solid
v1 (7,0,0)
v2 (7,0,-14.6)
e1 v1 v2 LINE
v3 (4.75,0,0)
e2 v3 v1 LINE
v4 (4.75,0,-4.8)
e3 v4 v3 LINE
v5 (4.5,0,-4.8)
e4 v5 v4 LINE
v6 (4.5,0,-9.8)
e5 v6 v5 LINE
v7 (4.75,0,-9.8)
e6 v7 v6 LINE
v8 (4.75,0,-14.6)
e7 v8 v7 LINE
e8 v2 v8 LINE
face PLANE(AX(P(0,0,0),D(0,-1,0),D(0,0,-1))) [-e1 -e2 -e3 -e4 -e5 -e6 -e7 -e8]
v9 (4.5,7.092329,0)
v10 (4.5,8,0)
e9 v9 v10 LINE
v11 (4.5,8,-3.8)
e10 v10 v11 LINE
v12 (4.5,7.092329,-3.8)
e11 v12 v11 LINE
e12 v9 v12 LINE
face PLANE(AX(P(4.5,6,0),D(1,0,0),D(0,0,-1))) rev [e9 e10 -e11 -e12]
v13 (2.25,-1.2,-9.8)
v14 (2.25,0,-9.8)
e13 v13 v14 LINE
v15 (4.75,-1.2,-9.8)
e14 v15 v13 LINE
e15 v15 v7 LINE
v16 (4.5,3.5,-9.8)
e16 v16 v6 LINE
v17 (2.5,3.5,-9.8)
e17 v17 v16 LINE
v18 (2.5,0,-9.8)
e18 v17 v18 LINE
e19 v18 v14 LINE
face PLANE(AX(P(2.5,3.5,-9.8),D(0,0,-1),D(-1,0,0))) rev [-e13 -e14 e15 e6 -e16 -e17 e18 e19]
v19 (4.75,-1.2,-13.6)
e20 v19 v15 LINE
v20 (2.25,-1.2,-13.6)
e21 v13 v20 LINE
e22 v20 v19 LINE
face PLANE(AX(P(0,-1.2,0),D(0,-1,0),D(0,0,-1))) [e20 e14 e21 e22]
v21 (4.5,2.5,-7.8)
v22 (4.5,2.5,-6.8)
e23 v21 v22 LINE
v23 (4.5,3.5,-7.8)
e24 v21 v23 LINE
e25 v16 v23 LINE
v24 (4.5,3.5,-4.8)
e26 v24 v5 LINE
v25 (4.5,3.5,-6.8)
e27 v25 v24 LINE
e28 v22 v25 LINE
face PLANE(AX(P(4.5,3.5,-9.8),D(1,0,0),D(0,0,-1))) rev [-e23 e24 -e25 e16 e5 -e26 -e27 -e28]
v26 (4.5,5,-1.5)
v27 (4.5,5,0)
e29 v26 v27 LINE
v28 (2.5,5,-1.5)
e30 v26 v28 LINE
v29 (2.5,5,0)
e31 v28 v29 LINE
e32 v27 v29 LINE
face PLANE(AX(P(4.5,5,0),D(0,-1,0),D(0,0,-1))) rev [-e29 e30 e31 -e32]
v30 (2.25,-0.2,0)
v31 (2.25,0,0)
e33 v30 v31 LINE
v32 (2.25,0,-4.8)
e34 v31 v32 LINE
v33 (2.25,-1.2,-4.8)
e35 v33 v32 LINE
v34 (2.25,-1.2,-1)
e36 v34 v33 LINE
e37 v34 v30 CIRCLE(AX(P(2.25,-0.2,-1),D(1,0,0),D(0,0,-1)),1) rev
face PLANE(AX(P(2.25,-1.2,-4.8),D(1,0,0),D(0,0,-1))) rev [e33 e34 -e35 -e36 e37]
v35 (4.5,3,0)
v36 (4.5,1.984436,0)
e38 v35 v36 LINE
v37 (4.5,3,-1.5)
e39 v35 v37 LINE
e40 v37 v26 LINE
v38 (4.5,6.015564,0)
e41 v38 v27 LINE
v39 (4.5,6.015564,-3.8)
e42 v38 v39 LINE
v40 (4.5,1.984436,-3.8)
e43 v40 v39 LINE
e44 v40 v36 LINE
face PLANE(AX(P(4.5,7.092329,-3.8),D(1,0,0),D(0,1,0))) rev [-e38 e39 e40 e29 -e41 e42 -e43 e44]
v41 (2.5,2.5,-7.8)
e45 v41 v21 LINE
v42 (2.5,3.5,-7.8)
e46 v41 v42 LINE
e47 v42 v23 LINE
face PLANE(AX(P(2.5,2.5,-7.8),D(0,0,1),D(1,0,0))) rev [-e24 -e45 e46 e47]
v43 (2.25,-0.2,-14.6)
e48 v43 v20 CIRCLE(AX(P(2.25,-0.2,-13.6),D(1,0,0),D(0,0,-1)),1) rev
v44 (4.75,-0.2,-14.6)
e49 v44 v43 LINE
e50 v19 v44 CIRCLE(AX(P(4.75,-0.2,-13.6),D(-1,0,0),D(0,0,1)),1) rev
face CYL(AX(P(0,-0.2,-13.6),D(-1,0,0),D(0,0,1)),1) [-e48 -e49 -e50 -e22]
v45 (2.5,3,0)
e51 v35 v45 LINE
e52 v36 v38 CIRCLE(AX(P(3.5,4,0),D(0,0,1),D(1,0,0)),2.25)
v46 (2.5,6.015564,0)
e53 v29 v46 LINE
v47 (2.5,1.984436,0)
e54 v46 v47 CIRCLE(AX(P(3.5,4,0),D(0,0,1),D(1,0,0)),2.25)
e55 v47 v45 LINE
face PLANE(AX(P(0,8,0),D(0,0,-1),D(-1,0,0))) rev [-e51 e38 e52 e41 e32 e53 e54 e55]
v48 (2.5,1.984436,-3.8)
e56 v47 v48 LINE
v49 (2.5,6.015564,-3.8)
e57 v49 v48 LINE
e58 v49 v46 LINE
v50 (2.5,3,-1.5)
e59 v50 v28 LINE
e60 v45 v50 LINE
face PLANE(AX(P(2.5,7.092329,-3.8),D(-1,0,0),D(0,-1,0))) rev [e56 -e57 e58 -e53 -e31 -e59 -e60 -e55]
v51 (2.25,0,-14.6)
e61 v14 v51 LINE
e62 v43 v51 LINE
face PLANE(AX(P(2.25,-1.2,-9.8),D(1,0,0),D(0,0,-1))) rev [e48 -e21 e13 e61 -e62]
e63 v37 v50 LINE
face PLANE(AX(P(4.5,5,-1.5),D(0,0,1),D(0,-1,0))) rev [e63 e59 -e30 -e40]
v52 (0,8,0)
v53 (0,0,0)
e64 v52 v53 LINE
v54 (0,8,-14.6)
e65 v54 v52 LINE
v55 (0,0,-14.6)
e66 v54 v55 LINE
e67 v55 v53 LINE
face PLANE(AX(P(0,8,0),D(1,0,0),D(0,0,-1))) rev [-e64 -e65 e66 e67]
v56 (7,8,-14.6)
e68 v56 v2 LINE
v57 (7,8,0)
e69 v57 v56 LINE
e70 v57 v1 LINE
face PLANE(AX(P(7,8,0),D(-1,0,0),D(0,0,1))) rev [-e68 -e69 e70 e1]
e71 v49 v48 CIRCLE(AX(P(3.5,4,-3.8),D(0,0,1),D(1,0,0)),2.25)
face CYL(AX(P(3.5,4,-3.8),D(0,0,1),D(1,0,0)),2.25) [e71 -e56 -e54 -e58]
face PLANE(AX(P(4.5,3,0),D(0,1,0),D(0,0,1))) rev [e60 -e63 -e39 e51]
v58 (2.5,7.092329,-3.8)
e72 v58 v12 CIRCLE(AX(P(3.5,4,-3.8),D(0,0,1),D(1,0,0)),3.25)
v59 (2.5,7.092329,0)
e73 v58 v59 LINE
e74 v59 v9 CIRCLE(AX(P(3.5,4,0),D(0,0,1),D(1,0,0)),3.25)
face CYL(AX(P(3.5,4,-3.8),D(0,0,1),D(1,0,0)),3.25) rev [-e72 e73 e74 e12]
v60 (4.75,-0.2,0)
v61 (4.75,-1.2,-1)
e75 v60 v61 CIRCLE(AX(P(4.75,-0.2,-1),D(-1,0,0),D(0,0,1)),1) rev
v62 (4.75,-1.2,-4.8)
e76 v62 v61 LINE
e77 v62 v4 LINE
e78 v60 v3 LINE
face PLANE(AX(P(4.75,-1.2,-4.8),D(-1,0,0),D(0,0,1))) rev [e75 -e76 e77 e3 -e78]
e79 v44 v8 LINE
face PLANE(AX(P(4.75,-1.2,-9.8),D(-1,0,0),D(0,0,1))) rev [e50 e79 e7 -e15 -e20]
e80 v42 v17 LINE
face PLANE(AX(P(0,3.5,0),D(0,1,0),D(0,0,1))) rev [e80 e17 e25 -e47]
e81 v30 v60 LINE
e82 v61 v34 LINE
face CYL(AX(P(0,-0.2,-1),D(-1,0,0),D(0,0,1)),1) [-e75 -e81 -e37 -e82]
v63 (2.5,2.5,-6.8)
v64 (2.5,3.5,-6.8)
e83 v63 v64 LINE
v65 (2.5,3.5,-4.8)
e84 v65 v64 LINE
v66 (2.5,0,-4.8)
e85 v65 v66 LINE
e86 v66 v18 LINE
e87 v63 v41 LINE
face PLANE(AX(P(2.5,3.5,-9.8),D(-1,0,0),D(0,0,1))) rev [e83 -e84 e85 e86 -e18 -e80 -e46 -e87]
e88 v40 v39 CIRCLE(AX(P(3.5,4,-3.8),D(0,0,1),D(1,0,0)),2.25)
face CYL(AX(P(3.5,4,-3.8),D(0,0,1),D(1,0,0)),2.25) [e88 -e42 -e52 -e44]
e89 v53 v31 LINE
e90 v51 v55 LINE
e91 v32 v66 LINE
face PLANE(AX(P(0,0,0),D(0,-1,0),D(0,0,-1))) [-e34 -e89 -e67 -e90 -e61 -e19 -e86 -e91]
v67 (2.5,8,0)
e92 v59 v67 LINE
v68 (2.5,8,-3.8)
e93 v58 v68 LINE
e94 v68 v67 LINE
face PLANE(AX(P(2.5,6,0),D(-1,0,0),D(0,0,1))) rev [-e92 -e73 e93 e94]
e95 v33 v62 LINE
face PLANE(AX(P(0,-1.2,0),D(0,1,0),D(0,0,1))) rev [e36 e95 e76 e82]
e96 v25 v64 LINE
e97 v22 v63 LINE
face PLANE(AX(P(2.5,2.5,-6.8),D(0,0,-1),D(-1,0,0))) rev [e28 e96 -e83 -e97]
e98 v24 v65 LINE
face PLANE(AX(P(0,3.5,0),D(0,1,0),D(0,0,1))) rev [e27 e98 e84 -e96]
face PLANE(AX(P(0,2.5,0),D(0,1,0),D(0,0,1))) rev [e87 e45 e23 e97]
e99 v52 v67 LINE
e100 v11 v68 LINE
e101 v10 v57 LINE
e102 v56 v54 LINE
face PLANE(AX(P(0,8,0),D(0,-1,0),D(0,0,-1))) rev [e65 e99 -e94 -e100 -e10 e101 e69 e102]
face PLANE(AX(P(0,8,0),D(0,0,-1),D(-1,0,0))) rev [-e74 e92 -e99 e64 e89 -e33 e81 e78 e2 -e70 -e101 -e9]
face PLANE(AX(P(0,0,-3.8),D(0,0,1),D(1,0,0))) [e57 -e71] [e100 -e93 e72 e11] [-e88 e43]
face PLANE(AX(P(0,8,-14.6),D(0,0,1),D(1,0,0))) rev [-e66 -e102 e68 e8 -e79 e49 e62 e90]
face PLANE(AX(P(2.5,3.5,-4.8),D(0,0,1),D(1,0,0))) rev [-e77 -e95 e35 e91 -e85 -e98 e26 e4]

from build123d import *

# Parameters (mm, degrees)
SZKIC1_W                    = 7
SZKIC1_H                    = 14.6
DODANIE_WYCI_GNI_CIE1_DEPTH = 8
SZKIC2_W                    = 2
SZKIC2_H                    = 5
WYTNIJ_WYCI_GNI_CIE1_DEPTH  = 3.5
SZKIC7_R                    = 3.25
SZKIC7_R_2                  = 2.25
WYTNIJ_WYCI_GNI_CIE4_DEPTH  = 3.8
SZKIC10_W                   = 2
SZKIC10_H                   = 6.184658438
WYTNIJ_WYCI_GNI_CIE6_DEPTH  = 3.8
SZKIC12_W                   = 1.5
SZKIC12_H                   = 2
DODANIE_WYCI_GNI_CIE4_DEPTH = 2
SZKIC15_W                   = 2.5
SZKIC15_H                   = 4.8
DODANIE_WYCI_GNI_CIE6_DEPTH = 1.2
SZKIC16_W                   = 2
SZKIC16_H                   = 1
DODANIE_WYCI_GNI_CIE7_DEPTH = 1
ZAOKR_GLENIE2_R             = 1
SZKIC17_W                   = 2
SZKIC17_H                   = 3.8
WYTNIJ_WYCI_GNI_CIE7_DEPTH  = 2


with BuildPart() as part:
    # Szkic1 → Dodanie-wyciągnięcie1 (new body)
    with BuildSketch(Plane(origin=(0, 0, 0), x_dir=(1, 0, 0), z_dir=(0, 1, 0))):
        with Locations((3.5, 7.3)):
            Rectangle(SZKIC1_W, SZKIC1_H)
    extrude(amount=DODANIE_WYCI_GNI_CIE1_DEPTH)

    # Szkic2 → Wytnij-wyciągnięcie1 (cut)
    with BuildSketch(Plane.XZ):
        with Locations((3.5, -7.3)):
            Rectangle(SZKIC2_W, SZKIC2_H)
    extrude(amount=-WYTNIJ_WYCI_GNI_CIE1_DEPTH, mode=Mode.SUBTRACT)

    # Szkic7 → Wytnij-wyciągnięcie4 (cut)
    with BuildSketch(Plane.XY):
        with Locations((3.5, 4)):
            Circle(SZKIC7_R)
        with Locations((3.5, 4)):
            Circle(SZKIC7_R_2, mode=Mode.SUBTRACT)
    extrude(amount=-WYTNIJ_WYCI_GNI_CIE4_DEPTH, mode=Mode.SUBTRACT)

    # Szkic10 → Wytnij-wyciągnięcie6 (cut)
    with BuildSketch(Plane.XY):
        with Locations((3.5, 4)):
            Rectangle(SZKIC10_W, SZKIC10_H)
    extrude(amount=-WYTNIJ_WYCI_GNI_CIE6_DEPTH, mode=Mode.SUBTRACT)

    # Szkic12 → Dodanie-wyciągnięcie4 (add)
    with BuildSketch(Plane(origin=(2.5, 0, 0), x_dir=(0, 0, -1), z_dir=(1, 0, 0))):
        with Locations((0.75, 4)):
            Rectangle(SZKIC12_W, SZKIC12_H)
    extrude(amount=DODANIE_WYCI_GNI_CIE4_DEPTH)

    # Szkic15 → Dodanie-wyciągnięcie6 (add)
    with BuildSketch(Plane.XZ):
        with Locations((3.5, -2.4)):
            Rectangle(SZKIC15_W, SZKIC15_H)
        with Locations((3.5, -12.2)):
            Rectangle(SZKIC15_W, SZKIC15_H)
    extrude(amount=DODANIE_WYCI_GNI_CIE6_DEPTH)

    # Szkic16 → Dodanie-wyciągnięcie7 (add)
    with BuildSketch(Plane.XZ.offset(-3.5)):
        with Locations((3.5, -7.3)):
            Rectangle(SZKIC16_W, SZKIC16_H)
    extrude(amount=DODANIE_WYCI_GNI_CIE7_DEPTH)

    # Zaokrąglenie2
    zaokr_glenie2_edges = [part.edges().sort_by_distance(p)[0] for p in [
        (3.5, -1.2, -14.6),
        (3.5, -1.2, 0),
    ]]
    fillet(zaokr_glenie2_edges, radius=ZAOKR_GLENIE2_R)

    # Szkic17 → Wytnij-wyciągnięcie7 (cut)
    with BuildSketch(Plane(origin=(0, 8, 0), x_dir=(1, 0, 0), z_dir=(0, 1, 0))):
        with Locations((3.5, 1.9)):
            Rectangle(SZKIC17_W, SZKIC17_H)
    extrude(amount=-WYTNIJ_WYCI_GNI_CIE7_DEPTH, mode=Mode.SUBTRACT)


solid = part.part
